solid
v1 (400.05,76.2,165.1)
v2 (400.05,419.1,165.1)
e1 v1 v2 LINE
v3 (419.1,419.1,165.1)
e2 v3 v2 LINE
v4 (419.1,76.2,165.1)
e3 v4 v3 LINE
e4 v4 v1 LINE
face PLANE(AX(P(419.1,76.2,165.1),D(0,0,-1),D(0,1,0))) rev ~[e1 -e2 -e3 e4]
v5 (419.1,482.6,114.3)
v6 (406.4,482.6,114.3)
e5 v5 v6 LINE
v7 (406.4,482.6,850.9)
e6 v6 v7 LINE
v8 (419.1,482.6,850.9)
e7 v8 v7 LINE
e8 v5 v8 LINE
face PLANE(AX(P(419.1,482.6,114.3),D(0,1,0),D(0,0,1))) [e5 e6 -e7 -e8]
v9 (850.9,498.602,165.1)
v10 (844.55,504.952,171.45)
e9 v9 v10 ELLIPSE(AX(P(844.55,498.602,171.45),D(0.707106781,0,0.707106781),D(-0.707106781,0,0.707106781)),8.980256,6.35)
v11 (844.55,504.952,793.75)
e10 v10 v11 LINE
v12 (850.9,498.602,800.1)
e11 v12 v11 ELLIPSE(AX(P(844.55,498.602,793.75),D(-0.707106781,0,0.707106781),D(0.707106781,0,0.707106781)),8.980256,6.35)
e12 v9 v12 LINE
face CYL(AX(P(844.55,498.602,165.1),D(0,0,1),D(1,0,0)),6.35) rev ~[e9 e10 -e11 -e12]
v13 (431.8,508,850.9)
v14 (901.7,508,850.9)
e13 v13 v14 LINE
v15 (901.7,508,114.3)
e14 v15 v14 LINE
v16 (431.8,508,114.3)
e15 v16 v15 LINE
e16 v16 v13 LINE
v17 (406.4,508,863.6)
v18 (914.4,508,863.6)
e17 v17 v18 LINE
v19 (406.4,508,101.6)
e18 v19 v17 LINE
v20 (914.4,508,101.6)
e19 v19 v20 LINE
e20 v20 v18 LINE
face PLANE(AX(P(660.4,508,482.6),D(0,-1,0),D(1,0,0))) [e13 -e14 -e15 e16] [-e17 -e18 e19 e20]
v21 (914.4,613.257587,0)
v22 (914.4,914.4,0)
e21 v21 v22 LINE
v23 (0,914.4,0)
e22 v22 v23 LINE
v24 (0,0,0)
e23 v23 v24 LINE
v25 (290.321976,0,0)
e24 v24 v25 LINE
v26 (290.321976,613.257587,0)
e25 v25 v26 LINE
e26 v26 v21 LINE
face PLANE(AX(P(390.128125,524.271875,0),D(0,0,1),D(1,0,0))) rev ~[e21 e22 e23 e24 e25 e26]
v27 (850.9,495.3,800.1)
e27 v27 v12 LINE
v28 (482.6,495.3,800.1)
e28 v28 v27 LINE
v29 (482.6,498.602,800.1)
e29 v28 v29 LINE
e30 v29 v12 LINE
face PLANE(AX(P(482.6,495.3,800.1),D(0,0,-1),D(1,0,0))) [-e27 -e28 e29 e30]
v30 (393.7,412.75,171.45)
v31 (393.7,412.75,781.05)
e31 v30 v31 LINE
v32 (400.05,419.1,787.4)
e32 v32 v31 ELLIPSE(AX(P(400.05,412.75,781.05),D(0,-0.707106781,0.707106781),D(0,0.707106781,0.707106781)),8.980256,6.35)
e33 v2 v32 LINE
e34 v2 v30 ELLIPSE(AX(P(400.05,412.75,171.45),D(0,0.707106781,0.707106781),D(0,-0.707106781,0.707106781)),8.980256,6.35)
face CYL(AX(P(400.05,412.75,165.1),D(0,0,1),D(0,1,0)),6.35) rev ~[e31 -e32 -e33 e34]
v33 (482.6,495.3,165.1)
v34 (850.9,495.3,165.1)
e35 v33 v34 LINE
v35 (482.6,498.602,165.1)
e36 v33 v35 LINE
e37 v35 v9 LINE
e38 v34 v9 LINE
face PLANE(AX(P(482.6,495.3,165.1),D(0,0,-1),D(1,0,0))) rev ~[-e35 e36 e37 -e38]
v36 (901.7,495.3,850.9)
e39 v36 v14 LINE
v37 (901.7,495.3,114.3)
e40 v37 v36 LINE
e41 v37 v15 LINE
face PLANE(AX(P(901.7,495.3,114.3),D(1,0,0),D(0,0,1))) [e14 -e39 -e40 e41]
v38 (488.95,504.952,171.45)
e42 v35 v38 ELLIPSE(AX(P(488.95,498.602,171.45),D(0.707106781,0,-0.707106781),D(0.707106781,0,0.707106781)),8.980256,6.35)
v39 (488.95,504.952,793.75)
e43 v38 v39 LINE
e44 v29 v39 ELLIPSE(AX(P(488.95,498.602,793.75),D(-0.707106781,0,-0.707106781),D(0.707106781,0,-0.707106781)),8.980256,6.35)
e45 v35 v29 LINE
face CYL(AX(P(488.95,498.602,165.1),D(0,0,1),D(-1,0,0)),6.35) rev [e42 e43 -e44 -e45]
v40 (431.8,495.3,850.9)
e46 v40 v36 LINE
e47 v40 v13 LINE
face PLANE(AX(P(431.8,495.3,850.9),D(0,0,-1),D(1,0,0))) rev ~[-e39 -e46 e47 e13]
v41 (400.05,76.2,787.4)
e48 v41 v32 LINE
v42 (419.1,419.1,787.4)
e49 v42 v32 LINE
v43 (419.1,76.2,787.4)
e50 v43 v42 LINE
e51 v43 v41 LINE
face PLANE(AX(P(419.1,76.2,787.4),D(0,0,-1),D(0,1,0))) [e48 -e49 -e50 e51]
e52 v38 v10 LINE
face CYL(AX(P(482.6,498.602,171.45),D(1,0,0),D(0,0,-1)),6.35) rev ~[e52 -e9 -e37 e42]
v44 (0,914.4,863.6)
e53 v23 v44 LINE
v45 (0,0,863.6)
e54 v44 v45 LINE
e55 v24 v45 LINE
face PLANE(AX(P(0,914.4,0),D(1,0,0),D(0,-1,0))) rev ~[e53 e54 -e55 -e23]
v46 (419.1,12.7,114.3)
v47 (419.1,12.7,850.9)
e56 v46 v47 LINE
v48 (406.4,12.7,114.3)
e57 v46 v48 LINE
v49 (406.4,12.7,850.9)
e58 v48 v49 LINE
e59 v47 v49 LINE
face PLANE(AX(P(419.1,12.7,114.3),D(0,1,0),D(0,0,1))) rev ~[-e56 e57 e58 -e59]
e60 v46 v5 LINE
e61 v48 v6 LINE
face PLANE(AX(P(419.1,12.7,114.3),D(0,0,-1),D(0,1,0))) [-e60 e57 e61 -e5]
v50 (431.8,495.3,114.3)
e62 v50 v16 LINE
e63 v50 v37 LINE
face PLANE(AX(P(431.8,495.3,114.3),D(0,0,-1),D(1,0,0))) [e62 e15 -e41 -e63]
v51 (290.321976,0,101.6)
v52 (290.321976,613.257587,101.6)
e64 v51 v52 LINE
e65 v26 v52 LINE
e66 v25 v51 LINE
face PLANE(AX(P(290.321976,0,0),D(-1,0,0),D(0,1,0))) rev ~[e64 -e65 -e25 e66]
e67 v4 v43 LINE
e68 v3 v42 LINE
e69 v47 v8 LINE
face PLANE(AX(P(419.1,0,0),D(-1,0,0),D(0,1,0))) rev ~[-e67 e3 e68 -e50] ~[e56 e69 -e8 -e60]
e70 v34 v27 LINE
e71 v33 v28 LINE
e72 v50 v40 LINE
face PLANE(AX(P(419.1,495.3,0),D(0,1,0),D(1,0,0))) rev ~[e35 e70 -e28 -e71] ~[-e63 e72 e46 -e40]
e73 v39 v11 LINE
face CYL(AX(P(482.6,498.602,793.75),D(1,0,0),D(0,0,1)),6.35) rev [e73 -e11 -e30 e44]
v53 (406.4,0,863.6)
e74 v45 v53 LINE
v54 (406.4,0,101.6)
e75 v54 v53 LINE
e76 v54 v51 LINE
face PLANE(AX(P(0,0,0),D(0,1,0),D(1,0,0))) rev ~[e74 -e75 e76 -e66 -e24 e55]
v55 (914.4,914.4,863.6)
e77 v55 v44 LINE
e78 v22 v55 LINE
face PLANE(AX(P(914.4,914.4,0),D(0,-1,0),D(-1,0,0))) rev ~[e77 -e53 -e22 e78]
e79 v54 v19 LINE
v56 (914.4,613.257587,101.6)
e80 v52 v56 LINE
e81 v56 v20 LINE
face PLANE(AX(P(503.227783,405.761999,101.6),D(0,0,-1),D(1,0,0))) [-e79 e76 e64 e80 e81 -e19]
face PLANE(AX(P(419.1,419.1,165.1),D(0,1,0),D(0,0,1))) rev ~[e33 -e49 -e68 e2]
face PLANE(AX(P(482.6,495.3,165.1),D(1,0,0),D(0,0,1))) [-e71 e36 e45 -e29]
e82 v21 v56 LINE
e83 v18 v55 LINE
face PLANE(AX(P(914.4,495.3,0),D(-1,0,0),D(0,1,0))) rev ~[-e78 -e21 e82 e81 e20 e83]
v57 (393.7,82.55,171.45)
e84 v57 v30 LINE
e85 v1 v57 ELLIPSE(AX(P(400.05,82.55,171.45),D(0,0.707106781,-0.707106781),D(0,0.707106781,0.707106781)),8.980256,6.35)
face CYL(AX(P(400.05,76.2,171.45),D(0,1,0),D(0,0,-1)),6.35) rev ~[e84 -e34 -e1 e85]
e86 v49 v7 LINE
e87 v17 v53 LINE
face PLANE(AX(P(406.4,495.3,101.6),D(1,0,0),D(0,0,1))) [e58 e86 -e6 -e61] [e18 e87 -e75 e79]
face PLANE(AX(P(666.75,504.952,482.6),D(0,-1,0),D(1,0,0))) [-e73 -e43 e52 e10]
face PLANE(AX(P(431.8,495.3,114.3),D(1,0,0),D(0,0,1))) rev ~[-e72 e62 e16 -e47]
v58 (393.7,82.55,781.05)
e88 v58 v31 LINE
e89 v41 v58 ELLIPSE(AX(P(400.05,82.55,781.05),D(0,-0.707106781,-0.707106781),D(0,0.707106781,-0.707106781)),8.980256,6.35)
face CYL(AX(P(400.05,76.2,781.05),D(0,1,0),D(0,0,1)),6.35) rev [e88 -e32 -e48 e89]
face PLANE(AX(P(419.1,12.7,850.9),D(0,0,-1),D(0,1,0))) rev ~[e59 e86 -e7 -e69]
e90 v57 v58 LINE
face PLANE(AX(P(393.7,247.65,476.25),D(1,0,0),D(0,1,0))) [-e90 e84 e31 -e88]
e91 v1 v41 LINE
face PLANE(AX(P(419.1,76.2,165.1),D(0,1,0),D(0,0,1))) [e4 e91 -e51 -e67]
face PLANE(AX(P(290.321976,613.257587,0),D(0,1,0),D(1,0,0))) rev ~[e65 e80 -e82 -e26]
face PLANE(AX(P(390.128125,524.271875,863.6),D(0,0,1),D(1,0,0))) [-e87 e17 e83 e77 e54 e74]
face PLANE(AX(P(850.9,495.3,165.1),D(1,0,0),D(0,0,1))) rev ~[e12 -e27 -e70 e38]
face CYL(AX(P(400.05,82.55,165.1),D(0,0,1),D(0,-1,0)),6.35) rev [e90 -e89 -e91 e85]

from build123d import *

# Parameters (mm, degrees)
F1_DEPTH  = 863.6
F2_W      = 342.9
F2_H      = 622.3
F3_DEPTH  = 25.4
F4_R      = 6.35
F5_W      = 368.3
F5_H      = 635
F6_DEPTH  = 9.652
F7_R      = 6.35
F9_DEPTH  = 101.6
F10_W     = 495.3
F10_H     = 762
F10_W_2   = 469.9
F10_H_2   = 736.6
F11_DEPTH = 12.7
F12_W     = 508
F12_H     = 762
F12_W_2   = 469.9
F12_H_2   = 736.6
F13_DEPTH = 12.7


with BuildPart() as f1:
    # F0 (on Top) → F1 (new body)
    with BuildSketch(Plane.XY):
        Polygon((0, 914.4), (0, 0), (419.1, 0), (419.1, 495.3), (914.4, 495.3), (914.4, 914.4), align=None)
    extrude(amount=F1_DEPTH)

    # F2 (on face) → F3 (cut)
    with BuildSketch(Plane.YZ.offset(419.1)):
        with Locations((247.65, 476.25)):
            Rectangle(F2_W, F2_H)
    extrude(amount=-F3_DEPTH, mode=Mode.SUBTRACT)

    # F4
    f4_edges = [f1.edges().sort_by_distance(p)[0] for p in [
        (393.7, 419.1, 476.25),
        (393.7, 247.65, 787.4),
        (393.7, 76.2, 476.25),
        (393.7, 247.65, 165.1),
    ]]
    fillet(f4_edges, radius=F4_R)

    # F5 (on face) → F6 (cut)
    with BuildSketch(Plane.XZ.offset(-495.3)):
        with Locations((666.75, 482.6)):
            Rectangle(F5_W, F5_H)
    extrude(amount=-F6_DEPTH, mode=Mode.SUBTRACT)

    # F7
    f7_edges = [f1.edges().sort_by_distance(p)[0] for p in [
        (850.9, 504.952, 482.6),
        (666.75, 504.952, 800.1),
        (482.6, 504.952, 482.6),
        (666.75, 504.952, 165.1),
    ]]
    fillet(f7_edges, radius=F7_R)

    # F8 (on face) → F9 (cut)
    with BuildSketch(Plane(origin=(0, 0, 0), x_dir=(1, 0, 0), z_dir=(0, 0, -1))):
        Polygon((419.1, -495.3), (419.1, 0), (290.321976, 0), (290.321976, -613.257587), (914.4, -613.257587), (914.4, -495.3), align=None)
    extrude(amount=-F9_DEPTH, mode=Mode.SUBTRACT)

    # F10 (on face) → F11 (cut)
    with BuildSketch(Plane.YZ.offset(419.1)):
        with Locations((247.65, 482.6)):
            Rectangle(F10_W, F10_H)
        with Locations((247.65, 482.6)):
            Rectangle(F10_W_2, F10_H_2, mode=Mode.SUBTRACT)
    extrude(amount=-F11_DEPTH, mode=Mode.SUBTRACT)

    # F12 (on face) → F13 (cut)
    with BuildSketch(Plane.XZ.offset(-495.3)):
        with Locations((660.4, 482.6)):
            Rectangle(F12_W, F12_H)
        with Locations((666.75, 482.6)):
            Rectangle(F12_W_2, F12_H_2, mode=Mode.SUBTRACT)
    extrude(amount=-F13_DEPTH, mode=Mode.SUBTRACT)


solid = f1.part
